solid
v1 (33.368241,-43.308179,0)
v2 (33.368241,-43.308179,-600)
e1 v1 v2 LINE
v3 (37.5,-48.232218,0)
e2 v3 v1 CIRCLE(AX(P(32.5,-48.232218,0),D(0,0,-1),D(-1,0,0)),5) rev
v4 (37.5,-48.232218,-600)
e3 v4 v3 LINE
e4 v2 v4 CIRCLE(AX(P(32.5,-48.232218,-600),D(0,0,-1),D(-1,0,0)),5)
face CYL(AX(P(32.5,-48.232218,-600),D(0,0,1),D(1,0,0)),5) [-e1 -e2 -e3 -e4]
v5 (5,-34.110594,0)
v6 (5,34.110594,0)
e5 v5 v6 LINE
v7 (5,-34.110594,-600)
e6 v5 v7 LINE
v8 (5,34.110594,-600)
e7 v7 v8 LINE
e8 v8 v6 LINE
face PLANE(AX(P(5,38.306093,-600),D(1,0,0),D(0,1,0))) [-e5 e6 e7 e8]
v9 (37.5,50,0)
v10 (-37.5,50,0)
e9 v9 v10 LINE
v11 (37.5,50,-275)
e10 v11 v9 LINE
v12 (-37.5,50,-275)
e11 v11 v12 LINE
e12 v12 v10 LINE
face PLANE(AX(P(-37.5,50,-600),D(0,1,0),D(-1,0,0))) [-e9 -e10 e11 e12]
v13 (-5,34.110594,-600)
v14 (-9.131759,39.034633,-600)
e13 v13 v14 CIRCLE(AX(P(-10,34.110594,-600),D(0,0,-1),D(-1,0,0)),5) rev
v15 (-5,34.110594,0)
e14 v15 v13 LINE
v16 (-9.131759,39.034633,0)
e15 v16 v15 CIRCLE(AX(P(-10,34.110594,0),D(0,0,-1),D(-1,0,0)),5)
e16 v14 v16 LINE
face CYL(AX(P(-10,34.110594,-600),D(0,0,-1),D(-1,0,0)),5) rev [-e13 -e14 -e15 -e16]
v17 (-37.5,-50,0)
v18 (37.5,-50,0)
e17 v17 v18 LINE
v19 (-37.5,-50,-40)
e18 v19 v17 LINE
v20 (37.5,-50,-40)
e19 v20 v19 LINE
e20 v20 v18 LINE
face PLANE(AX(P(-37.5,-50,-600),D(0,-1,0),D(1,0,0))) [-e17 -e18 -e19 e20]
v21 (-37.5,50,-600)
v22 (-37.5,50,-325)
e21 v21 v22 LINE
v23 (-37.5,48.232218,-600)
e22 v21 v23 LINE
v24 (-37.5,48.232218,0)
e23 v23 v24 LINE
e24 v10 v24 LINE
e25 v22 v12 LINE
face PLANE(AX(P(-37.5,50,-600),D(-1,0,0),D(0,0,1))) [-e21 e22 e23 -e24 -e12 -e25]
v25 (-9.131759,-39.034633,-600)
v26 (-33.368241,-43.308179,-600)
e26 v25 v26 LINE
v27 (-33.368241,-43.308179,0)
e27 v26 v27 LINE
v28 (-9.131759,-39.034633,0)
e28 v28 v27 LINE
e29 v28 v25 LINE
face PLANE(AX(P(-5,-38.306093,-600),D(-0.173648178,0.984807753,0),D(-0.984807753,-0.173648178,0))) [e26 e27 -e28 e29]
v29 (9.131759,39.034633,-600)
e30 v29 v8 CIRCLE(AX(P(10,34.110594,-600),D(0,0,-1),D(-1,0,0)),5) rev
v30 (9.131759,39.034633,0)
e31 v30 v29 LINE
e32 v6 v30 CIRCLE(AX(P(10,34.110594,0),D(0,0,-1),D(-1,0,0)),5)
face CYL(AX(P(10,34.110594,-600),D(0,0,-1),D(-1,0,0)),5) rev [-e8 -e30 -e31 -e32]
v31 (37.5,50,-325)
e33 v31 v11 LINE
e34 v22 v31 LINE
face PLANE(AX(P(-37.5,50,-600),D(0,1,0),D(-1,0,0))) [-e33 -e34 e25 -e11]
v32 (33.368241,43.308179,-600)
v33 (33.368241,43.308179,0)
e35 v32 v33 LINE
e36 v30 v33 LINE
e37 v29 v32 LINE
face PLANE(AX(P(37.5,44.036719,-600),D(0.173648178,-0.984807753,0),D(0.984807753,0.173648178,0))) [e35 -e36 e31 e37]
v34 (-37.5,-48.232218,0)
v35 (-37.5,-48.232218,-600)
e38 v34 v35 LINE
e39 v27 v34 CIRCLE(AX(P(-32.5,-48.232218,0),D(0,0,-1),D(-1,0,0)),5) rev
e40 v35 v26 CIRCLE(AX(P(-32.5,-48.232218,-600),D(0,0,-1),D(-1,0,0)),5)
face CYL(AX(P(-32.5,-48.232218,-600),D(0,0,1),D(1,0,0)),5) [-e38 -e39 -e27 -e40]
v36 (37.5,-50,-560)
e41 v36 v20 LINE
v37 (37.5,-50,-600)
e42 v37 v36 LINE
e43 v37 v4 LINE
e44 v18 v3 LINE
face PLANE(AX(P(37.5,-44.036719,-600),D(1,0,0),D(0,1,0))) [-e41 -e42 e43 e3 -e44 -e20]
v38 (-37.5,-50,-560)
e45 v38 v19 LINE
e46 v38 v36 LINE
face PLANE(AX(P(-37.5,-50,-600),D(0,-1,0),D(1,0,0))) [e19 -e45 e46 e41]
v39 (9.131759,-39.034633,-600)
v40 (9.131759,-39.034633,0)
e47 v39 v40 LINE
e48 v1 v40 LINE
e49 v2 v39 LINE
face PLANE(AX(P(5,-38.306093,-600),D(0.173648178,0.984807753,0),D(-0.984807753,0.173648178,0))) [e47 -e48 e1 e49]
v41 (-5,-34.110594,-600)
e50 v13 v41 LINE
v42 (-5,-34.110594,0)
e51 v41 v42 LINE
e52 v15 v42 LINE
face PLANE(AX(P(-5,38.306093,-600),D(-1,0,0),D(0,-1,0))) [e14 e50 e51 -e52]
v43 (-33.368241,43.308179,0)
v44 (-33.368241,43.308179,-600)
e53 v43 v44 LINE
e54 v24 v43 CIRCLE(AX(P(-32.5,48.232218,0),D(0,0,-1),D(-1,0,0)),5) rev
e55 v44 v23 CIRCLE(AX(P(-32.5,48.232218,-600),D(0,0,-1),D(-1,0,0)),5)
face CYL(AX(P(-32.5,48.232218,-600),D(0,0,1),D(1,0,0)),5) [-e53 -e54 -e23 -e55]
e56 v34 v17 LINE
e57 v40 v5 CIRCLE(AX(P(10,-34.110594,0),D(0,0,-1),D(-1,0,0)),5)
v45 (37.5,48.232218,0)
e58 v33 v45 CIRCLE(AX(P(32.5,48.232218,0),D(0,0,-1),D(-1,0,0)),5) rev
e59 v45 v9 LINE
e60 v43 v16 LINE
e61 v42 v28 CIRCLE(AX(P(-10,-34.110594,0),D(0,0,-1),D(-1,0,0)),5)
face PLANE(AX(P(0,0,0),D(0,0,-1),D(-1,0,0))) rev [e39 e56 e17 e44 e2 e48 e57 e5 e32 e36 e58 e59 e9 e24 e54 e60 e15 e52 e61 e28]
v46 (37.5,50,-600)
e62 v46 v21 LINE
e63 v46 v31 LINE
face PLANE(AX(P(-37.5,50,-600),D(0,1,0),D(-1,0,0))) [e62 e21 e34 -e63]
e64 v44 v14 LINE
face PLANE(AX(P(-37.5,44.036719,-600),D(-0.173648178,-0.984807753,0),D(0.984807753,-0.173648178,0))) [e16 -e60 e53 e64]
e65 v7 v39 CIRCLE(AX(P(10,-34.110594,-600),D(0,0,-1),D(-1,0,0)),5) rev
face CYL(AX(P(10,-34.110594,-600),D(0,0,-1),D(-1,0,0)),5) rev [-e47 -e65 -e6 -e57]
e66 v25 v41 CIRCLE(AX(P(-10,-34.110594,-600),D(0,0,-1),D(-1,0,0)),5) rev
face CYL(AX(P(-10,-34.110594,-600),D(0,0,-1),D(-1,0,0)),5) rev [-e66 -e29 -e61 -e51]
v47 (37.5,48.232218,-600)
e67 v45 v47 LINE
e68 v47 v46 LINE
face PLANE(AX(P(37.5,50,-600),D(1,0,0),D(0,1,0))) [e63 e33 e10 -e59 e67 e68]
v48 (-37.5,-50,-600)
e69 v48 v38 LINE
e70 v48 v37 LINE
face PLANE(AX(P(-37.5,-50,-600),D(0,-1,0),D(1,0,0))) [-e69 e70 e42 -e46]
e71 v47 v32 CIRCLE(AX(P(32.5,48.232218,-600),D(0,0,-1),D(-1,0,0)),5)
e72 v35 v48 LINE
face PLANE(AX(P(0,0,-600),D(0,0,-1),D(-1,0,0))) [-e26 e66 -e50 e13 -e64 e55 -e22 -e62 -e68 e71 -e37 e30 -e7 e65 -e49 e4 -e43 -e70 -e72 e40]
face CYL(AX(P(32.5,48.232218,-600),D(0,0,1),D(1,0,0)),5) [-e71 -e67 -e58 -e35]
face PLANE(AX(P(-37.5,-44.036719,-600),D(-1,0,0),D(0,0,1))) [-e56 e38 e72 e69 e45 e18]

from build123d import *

# Parameters (mm, degrees)
BOSS_EXTRUDE1_DEPTH = 600
FILLET1_R           = 5


with BuildPart() as part:
    # Sketch2 → Boss-Extrude1 (new body)
    with BuildSketch(Plane.XY):
        Polygon((37.5, 50), (37.5, 44.0367195), (5, 38.306092627), (5, -38.306092627), (37.5, -44.0367195), (37.5, -50), (-37.5, -50), (-37.5, -44.0367195), (-5, -38.306092627), (-5, 38.306092627), (-37.5, 44.0367195), (-37.5, 50), align=None)
    extrude(amount=-BOSS_EXTRUDE1_DEPTH)

    # Fillet1
    fillet1_edges = [part.edges().sort_by_distance(p)[0] for p in [
        (37.5, 44.0367195, -300),
        (5, 38.306092627, -300),
        (5, -38.306092627, -300),
        (37.5, -44.0367195, -300),
        (-37.5, -44.0367195, -300),
        (-5, -38.306092627, -300),
        (-5, 38.306092627, -300),
        (-37.5, 44.0367195, -300),
    ]]
    fillet(fillet1_edges, radius=FILLET1_R)


solid = part.part
